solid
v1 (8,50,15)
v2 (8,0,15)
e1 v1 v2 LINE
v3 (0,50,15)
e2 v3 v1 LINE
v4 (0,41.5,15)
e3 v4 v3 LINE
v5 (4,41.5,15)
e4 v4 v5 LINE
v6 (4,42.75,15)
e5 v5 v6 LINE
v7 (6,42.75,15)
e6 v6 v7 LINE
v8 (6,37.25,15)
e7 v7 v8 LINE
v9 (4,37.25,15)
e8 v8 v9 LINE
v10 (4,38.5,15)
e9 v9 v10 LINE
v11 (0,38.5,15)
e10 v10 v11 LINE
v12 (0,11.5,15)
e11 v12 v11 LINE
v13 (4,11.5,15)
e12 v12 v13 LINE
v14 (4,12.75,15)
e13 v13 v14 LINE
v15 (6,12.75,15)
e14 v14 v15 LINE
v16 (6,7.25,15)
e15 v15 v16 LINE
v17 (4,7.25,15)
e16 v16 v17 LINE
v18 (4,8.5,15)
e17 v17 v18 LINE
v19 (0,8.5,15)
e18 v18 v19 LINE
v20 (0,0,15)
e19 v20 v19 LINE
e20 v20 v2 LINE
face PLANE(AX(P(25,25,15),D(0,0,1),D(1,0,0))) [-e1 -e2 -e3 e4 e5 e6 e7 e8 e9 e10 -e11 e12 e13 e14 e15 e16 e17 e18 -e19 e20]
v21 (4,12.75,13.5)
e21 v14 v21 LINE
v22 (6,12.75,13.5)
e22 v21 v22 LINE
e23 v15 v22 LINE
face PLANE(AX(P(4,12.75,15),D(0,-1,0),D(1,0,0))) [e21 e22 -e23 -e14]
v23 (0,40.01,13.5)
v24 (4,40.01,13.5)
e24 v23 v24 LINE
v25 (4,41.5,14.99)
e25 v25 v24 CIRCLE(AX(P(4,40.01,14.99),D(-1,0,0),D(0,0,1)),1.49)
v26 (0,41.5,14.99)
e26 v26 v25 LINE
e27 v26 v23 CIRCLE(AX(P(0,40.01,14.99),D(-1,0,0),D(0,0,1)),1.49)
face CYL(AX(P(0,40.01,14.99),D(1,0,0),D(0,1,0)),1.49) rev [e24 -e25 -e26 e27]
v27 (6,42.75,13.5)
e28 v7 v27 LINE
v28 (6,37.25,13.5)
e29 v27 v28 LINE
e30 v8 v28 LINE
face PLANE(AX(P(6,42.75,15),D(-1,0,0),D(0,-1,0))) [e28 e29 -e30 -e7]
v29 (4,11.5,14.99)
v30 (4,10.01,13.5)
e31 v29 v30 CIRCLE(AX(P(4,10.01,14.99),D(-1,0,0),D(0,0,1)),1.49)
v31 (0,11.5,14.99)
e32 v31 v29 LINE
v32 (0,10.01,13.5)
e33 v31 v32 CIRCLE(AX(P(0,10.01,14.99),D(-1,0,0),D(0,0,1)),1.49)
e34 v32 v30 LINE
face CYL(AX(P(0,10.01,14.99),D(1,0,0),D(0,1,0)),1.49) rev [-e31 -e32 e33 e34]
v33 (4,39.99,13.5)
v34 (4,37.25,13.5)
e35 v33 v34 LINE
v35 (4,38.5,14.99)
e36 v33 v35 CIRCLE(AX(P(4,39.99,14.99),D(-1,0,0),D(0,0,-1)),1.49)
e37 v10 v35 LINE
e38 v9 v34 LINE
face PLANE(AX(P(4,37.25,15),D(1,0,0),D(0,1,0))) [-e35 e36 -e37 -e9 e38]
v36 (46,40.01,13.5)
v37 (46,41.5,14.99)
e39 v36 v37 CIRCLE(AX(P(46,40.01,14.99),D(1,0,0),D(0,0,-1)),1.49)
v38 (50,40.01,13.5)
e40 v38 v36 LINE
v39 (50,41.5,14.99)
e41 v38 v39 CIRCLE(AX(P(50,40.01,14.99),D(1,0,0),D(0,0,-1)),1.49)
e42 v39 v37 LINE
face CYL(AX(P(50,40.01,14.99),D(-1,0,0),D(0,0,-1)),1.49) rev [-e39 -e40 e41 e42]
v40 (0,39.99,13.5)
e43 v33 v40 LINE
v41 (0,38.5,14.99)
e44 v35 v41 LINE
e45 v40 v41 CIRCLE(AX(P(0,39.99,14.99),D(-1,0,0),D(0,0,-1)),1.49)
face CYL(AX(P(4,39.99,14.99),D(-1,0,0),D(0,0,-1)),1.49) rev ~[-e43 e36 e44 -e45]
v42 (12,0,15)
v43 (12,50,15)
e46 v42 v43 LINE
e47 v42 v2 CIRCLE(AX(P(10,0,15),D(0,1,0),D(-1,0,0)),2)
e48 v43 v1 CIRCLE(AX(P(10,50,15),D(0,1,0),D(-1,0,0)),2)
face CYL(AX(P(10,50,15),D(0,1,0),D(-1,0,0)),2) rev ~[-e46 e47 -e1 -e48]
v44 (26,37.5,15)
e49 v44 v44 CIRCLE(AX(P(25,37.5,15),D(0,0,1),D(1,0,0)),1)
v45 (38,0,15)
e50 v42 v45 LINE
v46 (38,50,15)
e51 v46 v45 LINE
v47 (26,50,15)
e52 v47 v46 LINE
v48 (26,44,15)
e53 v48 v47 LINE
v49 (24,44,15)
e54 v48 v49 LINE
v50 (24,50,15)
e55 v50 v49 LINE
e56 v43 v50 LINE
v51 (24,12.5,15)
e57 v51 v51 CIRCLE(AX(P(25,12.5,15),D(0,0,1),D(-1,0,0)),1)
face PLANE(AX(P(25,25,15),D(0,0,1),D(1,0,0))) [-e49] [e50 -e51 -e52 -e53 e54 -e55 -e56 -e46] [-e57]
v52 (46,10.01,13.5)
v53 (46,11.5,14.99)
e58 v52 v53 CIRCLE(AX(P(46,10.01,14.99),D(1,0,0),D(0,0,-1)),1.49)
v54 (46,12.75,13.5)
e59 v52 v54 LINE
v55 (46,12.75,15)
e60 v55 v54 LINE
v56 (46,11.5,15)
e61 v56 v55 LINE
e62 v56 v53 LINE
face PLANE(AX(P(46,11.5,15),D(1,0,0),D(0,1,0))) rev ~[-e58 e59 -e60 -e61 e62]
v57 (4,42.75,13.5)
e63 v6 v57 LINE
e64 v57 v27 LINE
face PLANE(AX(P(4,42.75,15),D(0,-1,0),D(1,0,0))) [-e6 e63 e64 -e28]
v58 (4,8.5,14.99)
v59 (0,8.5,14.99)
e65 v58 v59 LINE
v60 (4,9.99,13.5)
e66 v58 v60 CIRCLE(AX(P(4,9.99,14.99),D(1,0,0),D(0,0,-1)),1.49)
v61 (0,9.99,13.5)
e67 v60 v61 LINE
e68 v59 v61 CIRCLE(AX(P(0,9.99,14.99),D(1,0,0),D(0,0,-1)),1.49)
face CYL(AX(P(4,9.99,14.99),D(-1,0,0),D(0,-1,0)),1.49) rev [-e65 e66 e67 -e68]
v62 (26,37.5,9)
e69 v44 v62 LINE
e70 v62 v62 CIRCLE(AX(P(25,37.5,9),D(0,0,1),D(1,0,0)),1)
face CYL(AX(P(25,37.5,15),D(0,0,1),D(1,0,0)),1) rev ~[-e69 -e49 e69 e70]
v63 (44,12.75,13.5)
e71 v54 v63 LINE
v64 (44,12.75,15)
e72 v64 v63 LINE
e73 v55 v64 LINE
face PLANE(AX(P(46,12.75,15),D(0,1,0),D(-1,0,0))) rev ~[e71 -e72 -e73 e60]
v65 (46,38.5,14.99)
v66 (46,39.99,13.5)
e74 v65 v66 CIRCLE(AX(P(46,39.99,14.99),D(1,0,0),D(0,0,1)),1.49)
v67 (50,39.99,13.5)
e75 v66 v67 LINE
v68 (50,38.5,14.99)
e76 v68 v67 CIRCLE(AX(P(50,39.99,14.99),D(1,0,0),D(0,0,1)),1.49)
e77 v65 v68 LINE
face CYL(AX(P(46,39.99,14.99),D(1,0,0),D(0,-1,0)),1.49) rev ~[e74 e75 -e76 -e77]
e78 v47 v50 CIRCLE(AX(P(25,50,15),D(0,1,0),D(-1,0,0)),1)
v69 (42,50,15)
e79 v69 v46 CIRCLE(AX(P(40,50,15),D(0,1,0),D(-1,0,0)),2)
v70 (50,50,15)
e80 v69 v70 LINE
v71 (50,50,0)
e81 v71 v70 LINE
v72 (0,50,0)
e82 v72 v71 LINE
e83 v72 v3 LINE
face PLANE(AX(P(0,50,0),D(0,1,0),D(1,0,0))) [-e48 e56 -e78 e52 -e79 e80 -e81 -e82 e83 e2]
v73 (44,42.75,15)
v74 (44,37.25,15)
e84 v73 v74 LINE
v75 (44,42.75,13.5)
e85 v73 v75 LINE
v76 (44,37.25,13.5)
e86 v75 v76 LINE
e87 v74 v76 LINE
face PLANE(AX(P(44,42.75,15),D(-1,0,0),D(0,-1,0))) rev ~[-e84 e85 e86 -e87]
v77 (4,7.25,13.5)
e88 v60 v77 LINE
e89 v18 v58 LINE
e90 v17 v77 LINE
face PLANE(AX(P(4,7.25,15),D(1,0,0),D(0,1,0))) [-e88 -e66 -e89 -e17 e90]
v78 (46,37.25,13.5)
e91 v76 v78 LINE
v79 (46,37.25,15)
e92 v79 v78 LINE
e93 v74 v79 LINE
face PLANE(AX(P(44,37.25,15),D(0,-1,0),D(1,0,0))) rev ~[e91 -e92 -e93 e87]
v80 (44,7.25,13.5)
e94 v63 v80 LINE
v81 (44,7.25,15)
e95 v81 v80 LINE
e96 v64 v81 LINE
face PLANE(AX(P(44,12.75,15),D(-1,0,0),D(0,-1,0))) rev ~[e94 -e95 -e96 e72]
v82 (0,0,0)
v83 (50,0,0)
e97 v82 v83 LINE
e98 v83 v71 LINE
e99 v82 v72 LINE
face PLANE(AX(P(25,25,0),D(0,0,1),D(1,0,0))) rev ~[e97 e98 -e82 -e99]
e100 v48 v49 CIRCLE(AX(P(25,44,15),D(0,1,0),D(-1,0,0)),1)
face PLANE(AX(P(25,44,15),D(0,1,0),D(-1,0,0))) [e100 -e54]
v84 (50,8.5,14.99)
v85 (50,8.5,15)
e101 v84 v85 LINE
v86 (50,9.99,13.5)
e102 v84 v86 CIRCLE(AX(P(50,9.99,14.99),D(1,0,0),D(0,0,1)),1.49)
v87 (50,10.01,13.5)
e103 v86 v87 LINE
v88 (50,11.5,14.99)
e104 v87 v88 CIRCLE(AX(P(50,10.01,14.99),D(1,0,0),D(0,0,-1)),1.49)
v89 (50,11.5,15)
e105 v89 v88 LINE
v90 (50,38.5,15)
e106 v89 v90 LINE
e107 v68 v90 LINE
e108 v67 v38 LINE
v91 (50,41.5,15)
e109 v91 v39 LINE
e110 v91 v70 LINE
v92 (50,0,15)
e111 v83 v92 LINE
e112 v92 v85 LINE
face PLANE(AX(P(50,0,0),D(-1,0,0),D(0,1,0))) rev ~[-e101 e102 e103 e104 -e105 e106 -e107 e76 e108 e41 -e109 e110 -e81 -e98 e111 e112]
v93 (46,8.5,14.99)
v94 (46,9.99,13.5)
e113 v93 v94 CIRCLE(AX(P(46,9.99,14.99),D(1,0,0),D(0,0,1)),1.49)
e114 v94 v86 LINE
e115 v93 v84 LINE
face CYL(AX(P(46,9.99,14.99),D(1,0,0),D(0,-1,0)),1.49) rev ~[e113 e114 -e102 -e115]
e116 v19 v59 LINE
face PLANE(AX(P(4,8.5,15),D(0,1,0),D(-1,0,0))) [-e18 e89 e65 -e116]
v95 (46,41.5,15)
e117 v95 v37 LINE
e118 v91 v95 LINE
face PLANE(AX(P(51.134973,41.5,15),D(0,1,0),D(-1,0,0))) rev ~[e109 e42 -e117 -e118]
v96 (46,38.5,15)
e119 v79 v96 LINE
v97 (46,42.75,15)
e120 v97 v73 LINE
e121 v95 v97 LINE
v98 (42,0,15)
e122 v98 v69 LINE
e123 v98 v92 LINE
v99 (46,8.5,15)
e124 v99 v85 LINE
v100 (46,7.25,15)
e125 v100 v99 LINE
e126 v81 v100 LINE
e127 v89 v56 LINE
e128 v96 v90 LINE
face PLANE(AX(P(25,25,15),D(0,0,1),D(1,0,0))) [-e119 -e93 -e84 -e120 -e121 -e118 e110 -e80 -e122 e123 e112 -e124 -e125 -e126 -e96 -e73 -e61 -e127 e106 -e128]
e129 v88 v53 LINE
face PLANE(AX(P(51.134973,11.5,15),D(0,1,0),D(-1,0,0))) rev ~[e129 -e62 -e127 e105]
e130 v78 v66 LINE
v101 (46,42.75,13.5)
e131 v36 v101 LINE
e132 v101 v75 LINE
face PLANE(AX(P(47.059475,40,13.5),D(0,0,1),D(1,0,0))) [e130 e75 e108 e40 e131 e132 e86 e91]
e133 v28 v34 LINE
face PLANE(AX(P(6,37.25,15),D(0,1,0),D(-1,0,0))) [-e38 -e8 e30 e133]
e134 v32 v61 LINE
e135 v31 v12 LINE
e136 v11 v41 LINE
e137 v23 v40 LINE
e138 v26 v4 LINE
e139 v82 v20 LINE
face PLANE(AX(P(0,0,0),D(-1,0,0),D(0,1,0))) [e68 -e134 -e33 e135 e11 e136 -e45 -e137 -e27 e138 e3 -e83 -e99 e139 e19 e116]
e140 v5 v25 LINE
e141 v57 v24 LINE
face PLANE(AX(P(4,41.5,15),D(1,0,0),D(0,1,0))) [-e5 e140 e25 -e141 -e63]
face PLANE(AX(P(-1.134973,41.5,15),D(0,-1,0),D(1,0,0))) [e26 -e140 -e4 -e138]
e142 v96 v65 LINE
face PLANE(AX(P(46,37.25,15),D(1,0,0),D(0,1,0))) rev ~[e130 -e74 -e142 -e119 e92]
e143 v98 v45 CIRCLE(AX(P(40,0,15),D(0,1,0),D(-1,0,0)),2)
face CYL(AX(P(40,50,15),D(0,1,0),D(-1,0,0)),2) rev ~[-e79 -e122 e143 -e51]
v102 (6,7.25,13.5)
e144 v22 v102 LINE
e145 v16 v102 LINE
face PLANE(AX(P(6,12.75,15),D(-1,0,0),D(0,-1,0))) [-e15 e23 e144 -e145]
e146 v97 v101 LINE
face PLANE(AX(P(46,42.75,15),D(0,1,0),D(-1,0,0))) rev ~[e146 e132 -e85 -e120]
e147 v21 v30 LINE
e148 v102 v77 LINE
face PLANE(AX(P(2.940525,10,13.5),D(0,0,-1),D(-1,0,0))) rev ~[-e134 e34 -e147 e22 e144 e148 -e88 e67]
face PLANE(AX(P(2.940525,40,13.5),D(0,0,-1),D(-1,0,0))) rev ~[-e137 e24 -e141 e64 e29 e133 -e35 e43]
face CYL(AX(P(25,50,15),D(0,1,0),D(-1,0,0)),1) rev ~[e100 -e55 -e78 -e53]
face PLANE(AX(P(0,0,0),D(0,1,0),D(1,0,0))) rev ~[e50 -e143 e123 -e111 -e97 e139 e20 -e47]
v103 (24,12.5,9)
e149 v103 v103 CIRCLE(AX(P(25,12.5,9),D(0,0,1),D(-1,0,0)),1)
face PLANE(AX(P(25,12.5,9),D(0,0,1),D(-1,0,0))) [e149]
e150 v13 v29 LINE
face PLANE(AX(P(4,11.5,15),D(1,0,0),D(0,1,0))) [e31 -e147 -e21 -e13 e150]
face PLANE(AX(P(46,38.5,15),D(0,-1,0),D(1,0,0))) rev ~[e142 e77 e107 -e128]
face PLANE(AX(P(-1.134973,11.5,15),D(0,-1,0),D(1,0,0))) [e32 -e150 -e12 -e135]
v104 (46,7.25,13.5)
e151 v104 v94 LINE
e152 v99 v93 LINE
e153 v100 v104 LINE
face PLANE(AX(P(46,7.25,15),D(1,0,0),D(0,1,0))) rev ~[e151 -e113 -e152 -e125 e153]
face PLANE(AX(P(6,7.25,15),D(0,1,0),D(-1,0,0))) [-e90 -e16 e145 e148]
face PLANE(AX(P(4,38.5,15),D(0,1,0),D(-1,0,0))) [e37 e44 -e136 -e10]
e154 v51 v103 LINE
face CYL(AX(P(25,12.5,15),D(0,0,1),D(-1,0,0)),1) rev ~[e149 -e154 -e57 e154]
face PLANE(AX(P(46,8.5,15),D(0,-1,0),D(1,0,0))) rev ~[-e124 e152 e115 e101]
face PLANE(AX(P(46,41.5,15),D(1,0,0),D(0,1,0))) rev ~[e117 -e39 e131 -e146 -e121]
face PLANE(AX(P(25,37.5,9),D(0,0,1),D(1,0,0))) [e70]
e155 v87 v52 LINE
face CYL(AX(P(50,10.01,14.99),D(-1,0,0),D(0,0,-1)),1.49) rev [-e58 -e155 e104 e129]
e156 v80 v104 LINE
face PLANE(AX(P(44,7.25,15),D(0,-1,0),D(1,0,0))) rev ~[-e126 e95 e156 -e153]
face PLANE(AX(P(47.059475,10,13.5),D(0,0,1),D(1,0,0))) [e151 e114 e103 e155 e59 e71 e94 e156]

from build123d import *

# Parameters (mm, degrees)
ESQUISSE1_W             = 50
ESQUISSE1_H             = 50
EXTRUSION1_DEPTH        = 15
ESQUISSE2_R             = 2
ENL_V_MAT_EXTRU_1_DEPTH = 51
ENL_V_MAT_EXTRU_3_DEPTH = 1.5
CONG_1_R                = 1.49
CONG_2_R                = 1.49
ESQUISSE4_R             = 1
ENL_V_MAT_EXTRU_4_DEPTH = 6
ESQUISSE5_R             = 1
ENL_V_MAT_EXTRU_5_DEPTH = 6


with BuildPart() as part:
    # Esquisse1 → Extrusion1 (new body)
    with BuildSketch(Plane.XY):
        with Locations((25, 25)):
            Rectangle(ESQUISSE1_W, ESQUISSE1_H)
    extrude(amount=EXTRUSION1_DEPTH)

    # Esquisse2 → Enlèv. mat.-Extru.1 (cut, through all)
    with BuildSketch(Plane(origin=(0, 50, 0), x_dir=(-1, 0, 0), z_dir=(0, 1, 0))):
        with Locations((-10, 15)):
            Circle(ESQUISSE2_R)
        with Locations((-40, 15)):
            Circle(ESQUISSE2_R)
    extrude(amount=-ENL_V_MAT_EXTRU_1_DEPTH, mode=Mode.SUBTRACT)

    # Esquisse3 → Enlèv. mat.-Extru.3 (cut)
    with BuildSketch(Plane.XY.offset(15)):
        Polygon((-1.134972747, 11.5), (4, 11.5), (4, 12.75), (6, 12.75), (6, 7.25), (4, 7.25), (4, 8.5), (-1.134972747, 8.5), align=None)
        Polygon((-1.134972747, 38.5), (-1.134972747, 41.5), (4, 41.5), (4, 42.75), (6, 42.75), (6, 37.25), (4, 37.25), (4, 38.5), align=None)
        Polygon((46, 42.75), (44, 42.75), (44, 37.25), (46, 37.25), (46, 38.5), (51.134972747, 38.5), (51.134972747, 41.5), (46, 41.5), align=None)
        Polygon((46, 12.75), (44, 12.75), (44, 7.25), (46, 7.25), (46, 8.5), (51.134972747, 8.5), (51.134972747, 11.5), (46, 11.5), align=None)
    extrude(amount=-ENL_V_MAT_EXTRU_3_DEPTH, mode=Mode.SUBTRACT)

    # Congé1
    cong_1_edges = [part.edges().sort_by_distance(p)[0] for p in [
        (2, 11.5, 13.5),
    ]]
    fillet(cong_1_edges, radius=CONG_1_R)

    # Congé2
    cong_2_edges = [part.edges().sort_by_distance(p)[0] for p in [
        (48, 11.5, 13.5),
        (48, 8.5, 13.5),
        (2, 8.5, 13.5),
        (2, 38.5, 13.5),
        (2, 41.5, 13.5),
        (48, 41.5, 13.5),
        (48, 38.5, 13.5),
    ]]
    fillet(cong_2_edges, radius=CONG_2_R)

    # Esquisse4 → Enlèv. mat.-Extru.4 (cut)
    with BuildSketch(Plane(origin=(0, 50, 0), x_dir=(-1, 0, 0), z_dir=(0, 1, 0))):
        with Locations((-25, 15)):
            Circle(ESQUISSE4_R)
    extrude(amount=-ENL_V_MAT_EXTRU_4_DEPTH, mode=Mode.SUBTRACT)

    # Esquisse5 → Enlèv. mat.-Extru.5 (cut)
    with BuildSketch(Plane.XY.offset(15)):
        with Locations((25, 37.5)):
            Circle(ESQUISSE5_R)
        with Locations(Location((25, 12.5, 0), (0, 0, 180))):  # turned: the seam where the file's is
            Circle(ESQUISSE5_R)
    extrude(amount=-ENL_V_MAT_EXTRU_5_DEPTH, mode=Mode.SUBTRACT)


solid = part.part
